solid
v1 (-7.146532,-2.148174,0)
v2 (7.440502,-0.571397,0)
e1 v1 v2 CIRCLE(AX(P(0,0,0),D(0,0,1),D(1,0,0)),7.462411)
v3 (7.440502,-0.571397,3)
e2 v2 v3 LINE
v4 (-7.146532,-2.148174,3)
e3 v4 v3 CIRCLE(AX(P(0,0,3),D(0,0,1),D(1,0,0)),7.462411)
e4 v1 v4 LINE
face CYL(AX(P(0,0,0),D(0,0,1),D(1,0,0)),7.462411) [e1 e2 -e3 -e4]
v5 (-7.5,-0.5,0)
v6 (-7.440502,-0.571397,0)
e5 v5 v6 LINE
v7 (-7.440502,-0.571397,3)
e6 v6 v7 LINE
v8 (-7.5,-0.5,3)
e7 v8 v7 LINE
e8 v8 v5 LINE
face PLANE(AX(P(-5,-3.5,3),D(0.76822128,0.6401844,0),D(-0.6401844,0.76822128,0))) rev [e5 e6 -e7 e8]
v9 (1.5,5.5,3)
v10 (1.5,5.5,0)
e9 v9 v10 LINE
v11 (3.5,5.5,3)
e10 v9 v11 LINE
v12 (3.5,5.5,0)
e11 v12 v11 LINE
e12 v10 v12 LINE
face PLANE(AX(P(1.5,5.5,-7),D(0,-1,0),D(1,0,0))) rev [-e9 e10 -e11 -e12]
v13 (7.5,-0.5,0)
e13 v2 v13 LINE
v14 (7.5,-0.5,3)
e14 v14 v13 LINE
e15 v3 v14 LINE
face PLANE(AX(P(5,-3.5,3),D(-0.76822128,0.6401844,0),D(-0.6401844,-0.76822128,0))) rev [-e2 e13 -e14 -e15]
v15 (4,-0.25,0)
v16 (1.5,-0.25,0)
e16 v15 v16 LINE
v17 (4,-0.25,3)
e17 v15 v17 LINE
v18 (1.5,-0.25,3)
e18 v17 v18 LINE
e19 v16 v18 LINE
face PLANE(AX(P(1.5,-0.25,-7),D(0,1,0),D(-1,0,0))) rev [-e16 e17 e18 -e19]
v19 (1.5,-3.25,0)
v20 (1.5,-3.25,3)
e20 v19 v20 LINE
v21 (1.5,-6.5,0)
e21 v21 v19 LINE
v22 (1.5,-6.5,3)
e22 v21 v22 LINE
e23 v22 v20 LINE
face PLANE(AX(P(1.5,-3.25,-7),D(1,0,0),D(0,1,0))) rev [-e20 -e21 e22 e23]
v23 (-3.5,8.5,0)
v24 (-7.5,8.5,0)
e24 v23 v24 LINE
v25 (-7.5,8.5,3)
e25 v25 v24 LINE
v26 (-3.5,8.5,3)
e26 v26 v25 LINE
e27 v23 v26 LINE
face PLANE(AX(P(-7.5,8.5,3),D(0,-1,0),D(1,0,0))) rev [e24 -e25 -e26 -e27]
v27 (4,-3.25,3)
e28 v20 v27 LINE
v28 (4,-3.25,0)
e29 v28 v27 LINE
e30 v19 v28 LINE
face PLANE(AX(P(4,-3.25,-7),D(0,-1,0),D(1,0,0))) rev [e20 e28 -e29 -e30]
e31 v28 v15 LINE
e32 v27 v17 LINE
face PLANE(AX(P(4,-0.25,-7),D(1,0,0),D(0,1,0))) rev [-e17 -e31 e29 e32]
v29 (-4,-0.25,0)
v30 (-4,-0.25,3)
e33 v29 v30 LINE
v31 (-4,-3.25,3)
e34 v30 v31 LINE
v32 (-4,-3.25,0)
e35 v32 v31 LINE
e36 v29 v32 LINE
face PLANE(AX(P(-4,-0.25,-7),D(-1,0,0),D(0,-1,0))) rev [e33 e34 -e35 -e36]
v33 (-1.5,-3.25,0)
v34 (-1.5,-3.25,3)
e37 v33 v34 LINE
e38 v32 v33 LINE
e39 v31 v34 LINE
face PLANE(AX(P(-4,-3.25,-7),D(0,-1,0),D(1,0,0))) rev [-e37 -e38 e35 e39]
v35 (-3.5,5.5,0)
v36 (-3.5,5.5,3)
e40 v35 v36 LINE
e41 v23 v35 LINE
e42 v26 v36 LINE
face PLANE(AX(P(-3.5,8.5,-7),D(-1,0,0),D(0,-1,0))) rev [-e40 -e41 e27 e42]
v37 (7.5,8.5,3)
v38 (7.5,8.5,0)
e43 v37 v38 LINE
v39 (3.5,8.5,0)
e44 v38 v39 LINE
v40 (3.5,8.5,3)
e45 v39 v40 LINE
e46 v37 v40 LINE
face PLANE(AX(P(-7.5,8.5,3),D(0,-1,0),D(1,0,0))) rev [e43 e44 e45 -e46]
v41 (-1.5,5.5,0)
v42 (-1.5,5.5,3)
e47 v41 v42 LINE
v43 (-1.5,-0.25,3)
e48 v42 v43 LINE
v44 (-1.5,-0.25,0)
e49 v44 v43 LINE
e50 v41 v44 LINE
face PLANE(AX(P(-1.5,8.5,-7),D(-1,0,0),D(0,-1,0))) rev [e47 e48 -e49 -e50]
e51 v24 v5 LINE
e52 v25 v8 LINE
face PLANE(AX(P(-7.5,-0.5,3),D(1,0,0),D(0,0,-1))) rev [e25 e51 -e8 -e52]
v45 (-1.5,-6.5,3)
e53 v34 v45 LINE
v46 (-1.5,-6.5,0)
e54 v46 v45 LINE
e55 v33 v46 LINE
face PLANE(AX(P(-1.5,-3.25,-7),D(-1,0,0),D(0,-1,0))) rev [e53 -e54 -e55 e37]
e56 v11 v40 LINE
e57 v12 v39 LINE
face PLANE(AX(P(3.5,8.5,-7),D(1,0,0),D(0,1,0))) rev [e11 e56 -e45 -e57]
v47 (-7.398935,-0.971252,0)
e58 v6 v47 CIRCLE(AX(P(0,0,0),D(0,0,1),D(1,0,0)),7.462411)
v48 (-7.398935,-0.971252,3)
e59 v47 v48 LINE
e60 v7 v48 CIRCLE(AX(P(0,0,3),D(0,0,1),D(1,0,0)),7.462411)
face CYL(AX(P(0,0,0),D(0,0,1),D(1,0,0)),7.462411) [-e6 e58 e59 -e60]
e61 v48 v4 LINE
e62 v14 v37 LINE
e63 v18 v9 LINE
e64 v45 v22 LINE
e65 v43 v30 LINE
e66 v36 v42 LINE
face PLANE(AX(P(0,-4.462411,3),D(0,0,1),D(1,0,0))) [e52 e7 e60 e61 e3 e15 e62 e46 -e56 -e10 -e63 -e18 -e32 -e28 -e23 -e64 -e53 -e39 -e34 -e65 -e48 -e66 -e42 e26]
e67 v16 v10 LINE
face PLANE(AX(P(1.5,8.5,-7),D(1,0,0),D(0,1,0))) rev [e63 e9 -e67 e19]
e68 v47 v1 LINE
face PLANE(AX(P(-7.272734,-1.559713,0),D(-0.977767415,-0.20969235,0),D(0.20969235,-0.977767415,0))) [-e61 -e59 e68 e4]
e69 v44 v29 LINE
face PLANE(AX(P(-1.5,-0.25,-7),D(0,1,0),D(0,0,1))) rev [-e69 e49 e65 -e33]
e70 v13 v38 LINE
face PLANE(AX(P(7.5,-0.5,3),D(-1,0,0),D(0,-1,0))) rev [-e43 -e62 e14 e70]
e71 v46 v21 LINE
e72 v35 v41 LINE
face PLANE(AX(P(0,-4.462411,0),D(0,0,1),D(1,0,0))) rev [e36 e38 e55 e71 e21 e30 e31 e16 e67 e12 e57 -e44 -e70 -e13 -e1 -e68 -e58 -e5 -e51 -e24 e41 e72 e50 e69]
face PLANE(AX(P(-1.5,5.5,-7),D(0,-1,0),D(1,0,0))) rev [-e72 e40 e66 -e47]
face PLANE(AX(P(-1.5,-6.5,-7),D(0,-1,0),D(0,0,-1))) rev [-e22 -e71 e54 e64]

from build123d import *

# Parameters (mm, degrees)
SALIENTE_EXTRUIR1_DEPTH = 3
CORTAR_EXTRUIR1_DEPTH   = 10
CROQUIS3_W              = 2
CROQUIS3_H              = 3
CORTAR_EXTRUIR2_DEPTH   = 10
SALIENTE_EXTRUIR2_START = -3
SALIENTE_EXTRUIR2_DEPTH = 3


with BuildPart() as part:
    # Croquis1 → Saliente-Extruir1 (new body)
    with BuildSketch(Plane.XY):
        with BuildLine():
            Line((-7.5, -0.5), (-7.5, 8.5))
            Line((-7.5, 8.5), (7.5, 8.5))
            Line((7.5, 8.5), (7.5, -0.5))
            Line((7.5, -0.5), (5, -3.5))
            Line((5, -3.5), (3, -4.462410552))
            ThreePointArc((3, -4.462410552), (0, -7.462410552), (-3, -4.462410552))
            Line((-3, -4.462410552), (-5, -3.5))
            Line((-5, -3.5), (-7.5, -0.5))
        make_face()
    extrude(amount=SALIENTE_EXTRUIR1_DEPTH)

    # Croquis2 → Cortar-Extruir1 (cut)
    with BuildSketch(Plane.XY.offset(3)):
        Polygon((1.5, 8.5), (-1.5, 8.5), (-1.5, -0.25), (-4, -0.25), (-4, -3.25), (-1.5, -3.25), (-1.5, -6.5), (1.5, -6.5), (1.5, -3.25), (4, -3.25), (4, -0.25), (1.5, -0.25), align=None)
    extrude(amount=-CORTAR_EXTRUIR1_DEPTH, mode=Mode.SUBTRACT)

    # Croquis3 → Cortar-Extruir2 (cut)
    with BuildSketch(Plane.XY.offset(3)):
        with Locations((-2.5, 7)):
            Rectangle(CROQUIS3_W, CROQUIS3_H)
        with Locations((2.5, 7)):
            Rectangle(CROQUIS3_W, CROQUIS3_H)
    extrude(amount=-CORTAR_EXTRUIR2_DEPTH, mode=Mode.SUBTRACT)

    # Croquis5 → Saliente-Extruir2 (add)
    with BuildSketch(Plane.XY.offset(3).offset(SALIENTE_EXTRUIR2_START)):
        with BuildLine():
            ThreePointArc((-7.440502446, -0.571397065), (-7.422411846, -0.771604582), (-7.39893509, -0.971252175))
            Line((-7.39893509, -0.971252175), (-7.146532031, -2.148173916))
            ThreePointArc((-7.146532031, -2.148173916), (-4.452921263, -5.988243772), (0, -7.462410552))
            ThreePointArc((0, -7.462410552), (-2.121320344, -6.583730896), (-3, -4.462410552))
            Line((-3, -4.462410552), (-5, -3.5))
            Line((-5, -3.5), (-7.440502446, -0.571397065))
        make_face()
        with BuildLine():
            ThreePointArc((3, -4.462410552), (2.121320344, -6.583730896), (0, -7.462410552))
            ThreePointArc((0, -7.462410552), (5.070679035, -5.475014646), (7.440502446, -0.571397065))
            Line((7.440502446, -0.571397065), (5, -3.5))
            Line((5, -3.5), (3, -4.462410552))
        make_face()
    extrude(amount=SALIENTE_EXTRUIR2_DEPTH)


solid = part.part
